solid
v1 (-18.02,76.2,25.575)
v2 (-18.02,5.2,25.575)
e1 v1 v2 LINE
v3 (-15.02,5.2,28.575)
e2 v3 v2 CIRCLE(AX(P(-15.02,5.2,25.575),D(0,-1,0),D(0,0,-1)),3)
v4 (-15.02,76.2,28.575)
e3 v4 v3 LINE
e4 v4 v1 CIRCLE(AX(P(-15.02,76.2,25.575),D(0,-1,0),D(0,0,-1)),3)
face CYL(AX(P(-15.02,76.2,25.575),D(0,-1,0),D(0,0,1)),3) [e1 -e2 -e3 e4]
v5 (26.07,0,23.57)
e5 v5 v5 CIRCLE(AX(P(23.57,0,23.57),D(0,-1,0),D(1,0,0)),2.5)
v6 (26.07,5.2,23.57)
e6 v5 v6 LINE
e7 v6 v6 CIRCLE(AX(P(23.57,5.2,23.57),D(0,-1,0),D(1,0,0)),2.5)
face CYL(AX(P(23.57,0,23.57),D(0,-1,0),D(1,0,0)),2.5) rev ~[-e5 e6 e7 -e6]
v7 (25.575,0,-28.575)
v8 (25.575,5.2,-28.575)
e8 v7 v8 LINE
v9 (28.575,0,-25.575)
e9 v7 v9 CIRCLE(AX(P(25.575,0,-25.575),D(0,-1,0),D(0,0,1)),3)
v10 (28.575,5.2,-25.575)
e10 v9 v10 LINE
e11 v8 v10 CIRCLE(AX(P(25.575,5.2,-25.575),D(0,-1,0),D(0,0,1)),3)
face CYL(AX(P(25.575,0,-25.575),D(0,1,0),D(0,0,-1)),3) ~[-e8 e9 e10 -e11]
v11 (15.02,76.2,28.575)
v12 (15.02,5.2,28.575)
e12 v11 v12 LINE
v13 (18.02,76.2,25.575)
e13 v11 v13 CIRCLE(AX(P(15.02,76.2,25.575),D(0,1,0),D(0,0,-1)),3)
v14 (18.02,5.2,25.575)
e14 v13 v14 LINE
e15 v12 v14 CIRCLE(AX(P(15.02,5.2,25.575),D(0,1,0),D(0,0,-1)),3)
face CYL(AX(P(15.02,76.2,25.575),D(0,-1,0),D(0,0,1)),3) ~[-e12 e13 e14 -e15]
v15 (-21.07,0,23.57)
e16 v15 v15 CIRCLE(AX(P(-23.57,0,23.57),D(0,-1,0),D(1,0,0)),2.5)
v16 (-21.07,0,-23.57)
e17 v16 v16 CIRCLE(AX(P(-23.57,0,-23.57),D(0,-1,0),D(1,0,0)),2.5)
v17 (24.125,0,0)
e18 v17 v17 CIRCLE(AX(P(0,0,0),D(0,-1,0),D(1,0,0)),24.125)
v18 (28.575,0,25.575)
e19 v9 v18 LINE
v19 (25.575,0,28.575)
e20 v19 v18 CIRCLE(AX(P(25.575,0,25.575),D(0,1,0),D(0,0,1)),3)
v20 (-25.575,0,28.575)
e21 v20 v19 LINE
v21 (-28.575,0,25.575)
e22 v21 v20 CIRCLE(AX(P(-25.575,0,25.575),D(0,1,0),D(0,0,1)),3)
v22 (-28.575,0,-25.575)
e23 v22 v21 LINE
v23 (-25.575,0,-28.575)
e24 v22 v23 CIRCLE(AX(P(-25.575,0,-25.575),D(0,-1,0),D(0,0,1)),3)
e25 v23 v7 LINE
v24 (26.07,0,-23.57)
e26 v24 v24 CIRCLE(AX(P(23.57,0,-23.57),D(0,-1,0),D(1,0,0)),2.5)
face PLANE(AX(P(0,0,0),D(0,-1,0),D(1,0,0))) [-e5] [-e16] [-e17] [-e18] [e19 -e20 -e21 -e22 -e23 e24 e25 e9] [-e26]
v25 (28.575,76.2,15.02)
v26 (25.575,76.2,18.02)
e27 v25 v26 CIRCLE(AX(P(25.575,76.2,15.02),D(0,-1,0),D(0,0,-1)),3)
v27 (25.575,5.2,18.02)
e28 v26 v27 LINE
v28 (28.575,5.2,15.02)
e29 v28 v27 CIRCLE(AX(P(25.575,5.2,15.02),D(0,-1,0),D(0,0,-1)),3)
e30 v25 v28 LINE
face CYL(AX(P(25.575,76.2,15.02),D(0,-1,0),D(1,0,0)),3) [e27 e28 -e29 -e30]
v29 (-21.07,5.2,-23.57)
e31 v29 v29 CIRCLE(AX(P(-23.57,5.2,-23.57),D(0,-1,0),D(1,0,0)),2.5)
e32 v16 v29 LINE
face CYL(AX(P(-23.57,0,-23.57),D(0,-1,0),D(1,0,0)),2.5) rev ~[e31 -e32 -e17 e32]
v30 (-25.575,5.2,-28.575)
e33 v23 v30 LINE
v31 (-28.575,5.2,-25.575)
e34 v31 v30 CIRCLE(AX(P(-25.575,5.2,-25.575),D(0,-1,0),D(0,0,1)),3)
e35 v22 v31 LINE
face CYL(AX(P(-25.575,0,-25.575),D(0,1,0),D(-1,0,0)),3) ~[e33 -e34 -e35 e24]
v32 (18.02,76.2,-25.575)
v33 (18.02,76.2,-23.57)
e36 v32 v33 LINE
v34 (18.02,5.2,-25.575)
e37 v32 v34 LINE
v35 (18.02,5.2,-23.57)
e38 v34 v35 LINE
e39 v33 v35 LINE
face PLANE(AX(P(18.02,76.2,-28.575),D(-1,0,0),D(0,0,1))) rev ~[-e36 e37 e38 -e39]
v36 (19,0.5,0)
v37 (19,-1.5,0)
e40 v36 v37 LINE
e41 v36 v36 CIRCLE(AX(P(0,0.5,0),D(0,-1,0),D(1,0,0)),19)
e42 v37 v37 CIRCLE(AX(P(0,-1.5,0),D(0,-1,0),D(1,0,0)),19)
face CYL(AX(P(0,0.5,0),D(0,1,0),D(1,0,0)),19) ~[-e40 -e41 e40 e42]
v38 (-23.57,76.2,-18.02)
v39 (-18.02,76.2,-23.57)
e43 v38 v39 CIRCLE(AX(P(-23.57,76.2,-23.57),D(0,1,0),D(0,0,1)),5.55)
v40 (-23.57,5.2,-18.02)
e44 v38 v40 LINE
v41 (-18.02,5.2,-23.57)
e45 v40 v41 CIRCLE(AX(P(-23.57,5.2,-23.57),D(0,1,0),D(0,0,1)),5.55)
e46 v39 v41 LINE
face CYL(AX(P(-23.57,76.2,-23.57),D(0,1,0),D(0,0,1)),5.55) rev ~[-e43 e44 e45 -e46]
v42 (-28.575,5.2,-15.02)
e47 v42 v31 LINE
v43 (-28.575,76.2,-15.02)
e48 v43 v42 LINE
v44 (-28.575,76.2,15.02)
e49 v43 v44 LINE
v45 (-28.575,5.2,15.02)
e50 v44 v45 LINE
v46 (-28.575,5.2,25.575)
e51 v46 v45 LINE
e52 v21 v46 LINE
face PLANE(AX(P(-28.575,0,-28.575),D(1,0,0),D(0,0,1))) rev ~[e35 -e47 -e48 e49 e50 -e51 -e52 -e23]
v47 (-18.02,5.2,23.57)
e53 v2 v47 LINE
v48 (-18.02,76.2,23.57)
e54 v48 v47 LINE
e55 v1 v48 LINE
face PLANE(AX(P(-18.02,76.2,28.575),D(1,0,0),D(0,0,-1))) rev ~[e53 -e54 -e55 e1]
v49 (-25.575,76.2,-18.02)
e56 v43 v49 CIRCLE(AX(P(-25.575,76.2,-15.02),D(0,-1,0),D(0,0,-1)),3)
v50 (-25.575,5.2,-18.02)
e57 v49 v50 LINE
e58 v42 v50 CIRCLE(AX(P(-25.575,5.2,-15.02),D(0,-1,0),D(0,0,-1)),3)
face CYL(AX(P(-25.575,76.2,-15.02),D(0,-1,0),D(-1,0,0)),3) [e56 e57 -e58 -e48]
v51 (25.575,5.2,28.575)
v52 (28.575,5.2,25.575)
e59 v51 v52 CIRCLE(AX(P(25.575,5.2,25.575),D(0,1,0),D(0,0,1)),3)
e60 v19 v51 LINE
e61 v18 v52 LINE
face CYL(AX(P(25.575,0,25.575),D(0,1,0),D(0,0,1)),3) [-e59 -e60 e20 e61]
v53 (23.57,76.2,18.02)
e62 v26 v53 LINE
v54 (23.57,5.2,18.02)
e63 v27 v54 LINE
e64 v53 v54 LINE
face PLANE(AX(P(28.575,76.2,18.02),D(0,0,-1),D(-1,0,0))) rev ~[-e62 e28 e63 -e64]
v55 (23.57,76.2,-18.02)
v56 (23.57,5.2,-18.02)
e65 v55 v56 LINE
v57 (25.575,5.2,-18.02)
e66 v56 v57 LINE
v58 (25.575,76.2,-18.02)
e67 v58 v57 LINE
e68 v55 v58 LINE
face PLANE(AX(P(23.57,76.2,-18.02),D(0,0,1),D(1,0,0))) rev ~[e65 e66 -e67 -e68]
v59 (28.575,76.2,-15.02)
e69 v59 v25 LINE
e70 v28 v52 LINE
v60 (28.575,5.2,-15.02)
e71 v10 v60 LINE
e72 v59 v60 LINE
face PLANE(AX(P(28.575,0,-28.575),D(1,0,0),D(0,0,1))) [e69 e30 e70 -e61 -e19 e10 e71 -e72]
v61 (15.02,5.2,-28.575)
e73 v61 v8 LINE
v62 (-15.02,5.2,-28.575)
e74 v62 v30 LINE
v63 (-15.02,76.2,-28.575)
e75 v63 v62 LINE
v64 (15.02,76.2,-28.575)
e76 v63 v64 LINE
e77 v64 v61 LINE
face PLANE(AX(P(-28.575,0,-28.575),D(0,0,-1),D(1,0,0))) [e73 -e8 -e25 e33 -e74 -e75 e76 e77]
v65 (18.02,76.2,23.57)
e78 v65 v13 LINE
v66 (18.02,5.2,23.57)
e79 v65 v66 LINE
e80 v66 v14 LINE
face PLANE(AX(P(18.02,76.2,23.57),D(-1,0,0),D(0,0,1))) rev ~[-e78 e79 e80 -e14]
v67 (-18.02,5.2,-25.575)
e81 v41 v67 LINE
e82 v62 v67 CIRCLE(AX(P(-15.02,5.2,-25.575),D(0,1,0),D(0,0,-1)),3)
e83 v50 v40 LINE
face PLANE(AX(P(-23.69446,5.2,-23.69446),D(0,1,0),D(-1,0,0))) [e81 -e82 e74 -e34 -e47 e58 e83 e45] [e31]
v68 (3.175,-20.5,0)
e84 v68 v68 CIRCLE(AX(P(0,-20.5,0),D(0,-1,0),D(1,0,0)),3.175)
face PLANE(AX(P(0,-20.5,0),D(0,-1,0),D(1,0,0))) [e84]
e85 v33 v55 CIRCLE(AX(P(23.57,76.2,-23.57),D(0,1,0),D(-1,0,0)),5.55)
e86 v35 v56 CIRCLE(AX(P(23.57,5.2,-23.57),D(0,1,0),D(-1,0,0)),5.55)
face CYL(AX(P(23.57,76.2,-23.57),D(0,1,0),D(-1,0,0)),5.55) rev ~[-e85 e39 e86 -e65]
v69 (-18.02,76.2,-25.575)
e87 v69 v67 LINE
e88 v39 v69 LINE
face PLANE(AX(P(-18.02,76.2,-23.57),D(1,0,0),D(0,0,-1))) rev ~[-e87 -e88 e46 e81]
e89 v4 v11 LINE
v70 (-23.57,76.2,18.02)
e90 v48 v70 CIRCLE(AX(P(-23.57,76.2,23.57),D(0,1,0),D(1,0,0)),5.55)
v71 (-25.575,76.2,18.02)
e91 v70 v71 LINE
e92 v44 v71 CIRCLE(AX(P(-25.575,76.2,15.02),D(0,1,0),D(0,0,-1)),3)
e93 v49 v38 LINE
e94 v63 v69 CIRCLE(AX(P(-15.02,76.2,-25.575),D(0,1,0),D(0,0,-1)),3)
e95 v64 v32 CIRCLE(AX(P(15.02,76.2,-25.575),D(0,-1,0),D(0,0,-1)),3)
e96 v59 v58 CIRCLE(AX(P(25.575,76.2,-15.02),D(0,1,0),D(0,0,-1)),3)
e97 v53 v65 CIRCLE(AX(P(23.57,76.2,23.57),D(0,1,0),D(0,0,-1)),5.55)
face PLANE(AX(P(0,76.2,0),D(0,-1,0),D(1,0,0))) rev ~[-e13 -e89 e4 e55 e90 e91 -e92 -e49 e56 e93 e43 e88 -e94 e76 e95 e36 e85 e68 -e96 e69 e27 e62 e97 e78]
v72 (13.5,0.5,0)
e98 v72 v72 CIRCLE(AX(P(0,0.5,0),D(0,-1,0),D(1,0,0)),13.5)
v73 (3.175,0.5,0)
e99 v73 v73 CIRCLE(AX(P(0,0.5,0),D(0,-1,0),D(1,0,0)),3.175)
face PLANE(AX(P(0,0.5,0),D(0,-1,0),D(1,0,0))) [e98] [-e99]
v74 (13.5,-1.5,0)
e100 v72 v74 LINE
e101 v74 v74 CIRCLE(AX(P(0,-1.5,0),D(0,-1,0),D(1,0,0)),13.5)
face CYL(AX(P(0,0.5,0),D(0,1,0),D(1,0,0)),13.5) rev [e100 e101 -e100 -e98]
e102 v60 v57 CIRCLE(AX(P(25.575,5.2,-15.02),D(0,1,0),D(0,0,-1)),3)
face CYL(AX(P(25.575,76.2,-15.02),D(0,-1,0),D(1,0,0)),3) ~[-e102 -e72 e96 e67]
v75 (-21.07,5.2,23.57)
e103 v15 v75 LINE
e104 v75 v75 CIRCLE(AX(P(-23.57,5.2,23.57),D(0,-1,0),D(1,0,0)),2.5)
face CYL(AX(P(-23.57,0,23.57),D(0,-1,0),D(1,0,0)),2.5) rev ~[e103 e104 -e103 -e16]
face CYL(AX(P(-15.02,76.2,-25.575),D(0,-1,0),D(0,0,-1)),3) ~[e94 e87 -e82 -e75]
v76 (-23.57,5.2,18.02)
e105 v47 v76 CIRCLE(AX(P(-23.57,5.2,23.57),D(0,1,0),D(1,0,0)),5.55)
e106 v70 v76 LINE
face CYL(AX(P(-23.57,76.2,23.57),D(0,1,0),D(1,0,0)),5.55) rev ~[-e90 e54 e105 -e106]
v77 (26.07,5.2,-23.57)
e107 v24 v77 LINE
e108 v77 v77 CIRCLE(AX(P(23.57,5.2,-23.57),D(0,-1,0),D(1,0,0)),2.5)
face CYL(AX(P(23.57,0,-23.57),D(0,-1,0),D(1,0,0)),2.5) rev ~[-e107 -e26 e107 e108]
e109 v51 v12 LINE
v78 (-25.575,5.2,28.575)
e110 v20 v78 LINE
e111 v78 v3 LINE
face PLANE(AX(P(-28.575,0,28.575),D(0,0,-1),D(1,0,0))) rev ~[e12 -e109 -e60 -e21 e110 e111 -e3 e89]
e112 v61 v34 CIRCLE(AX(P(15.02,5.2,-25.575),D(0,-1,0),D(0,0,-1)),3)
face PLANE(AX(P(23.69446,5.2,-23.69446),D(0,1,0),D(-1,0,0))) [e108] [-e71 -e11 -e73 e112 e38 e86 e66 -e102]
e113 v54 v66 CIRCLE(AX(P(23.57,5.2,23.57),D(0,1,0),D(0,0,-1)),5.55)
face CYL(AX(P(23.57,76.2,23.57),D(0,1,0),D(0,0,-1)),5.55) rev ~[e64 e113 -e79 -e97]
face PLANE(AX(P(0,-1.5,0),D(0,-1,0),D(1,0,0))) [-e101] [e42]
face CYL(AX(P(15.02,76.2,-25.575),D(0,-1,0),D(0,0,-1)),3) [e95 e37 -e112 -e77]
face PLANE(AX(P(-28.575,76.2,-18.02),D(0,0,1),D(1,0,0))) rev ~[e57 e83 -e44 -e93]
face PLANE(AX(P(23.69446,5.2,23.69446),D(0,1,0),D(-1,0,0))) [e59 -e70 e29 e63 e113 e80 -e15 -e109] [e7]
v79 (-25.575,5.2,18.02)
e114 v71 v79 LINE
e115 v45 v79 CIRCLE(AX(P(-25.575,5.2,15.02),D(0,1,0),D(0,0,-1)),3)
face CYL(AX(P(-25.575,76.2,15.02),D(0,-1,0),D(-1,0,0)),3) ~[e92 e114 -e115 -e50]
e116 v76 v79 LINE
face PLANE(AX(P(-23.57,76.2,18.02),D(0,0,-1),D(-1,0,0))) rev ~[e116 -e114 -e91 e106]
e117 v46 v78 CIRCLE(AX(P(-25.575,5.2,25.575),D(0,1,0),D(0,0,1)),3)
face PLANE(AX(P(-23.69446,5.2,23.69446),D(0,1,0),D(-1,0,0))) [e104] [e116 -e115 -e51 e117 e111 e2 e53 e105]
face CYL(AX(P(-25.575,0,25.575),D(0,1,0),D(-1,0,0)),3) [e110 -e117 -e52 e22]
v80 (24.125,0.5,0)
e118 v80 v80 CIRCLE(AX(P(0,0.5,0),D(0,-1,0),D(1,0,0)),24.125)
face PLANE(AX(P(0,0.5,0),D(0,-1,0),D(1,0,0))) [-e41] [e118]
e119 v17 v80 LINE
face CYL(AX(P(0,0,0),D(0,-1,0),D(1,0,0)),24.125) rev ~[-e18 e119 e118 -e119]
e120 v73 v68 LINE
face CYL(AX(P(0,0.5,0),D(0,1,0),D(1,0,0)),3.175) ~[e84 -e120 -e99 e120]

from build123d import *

# Parameters (mm, degrees)
F0_W      = 57.15
F0_H      = 57.15
F1_DEPTH  = 76.2
F2_R      = 2.5
F3_DEPTH  = 76.201
F5_DEPTH  = 71
F6_R      = 3
F7_R      = 24.125
F8_DEPTH  = 0.5
F9_R      = 19
F9_R_2    = 13.5
F10_DEPTH = 2
F11_R     = 3.175
F12_DEPTH = 21


with BuildPart() as f1:
    # F0 (on Front) → F1 (new body)
    with BuildSketch(Plane.XZ):
        Rectangle(F0_W, F0_H)
    extrude(amount=-F1_DEPTH)

    # F2 (on face) → F3 (cut, through all)
    with BuildSketch(Plane.XZ):
        with Locations((-23.57, 23.57)):
            Circle(F2_R)
        with Locations((23.57, 23.57)):
            Circle(F2_R)
        with Locations((-23.57, -23.57)):
            Circle(F2_R)
        with Locations((23.57, -23.57)):
            Circle(F2_R)
    extrude(amount=-F3_DEPTH, mode=Mode.SUBTRACT)

    # F4 (on face) → F5 (cut)
    with BuildSketch(Plane(origin=(0, 76.2, 0), x_dir=(-1, 0, 0), z_dir=(0, 1, 0))):
        with BuildLine():
            Line((-28.575, 18.02), (-23.57, 18.02))
            ThreePointArc((-23.57, 18.02), (-19.6455573644, 19.6455573644), (-18.02, 23.57))
            Line((-18.02, 23.57), (-18.02, 28.575))
            Line((-18.02, 28.575), (-28.575, 28.575))
            Line((-28.575, 28.575), (-28.575, 18.02))
        make_face()
        with BuildLine():
            Line((18.02, 28.575), (18.02, 23.57))
            ThreePointArc((18.02, 23.57), (19.6455573644, 19.6455573644), (23.57, 18.02))
            Line((23.57, 18.02), (28.575, 18.02))
            Line((28.575, 18.02), (28.575, 28.575))
            Line((28.575, 28.575), (18.02, 28.575))
        make_face()
        with BuildLine():
            ThreePointArc((23.57, -18.02), (19.6455573644, -19.6455573644), (18.02, -23.57))
            Line((18.02, -23.57), (18.02, -28.575))
            Line((18.02, -28.575), (28.575, -28.575))
            Line((28.575, -28.575), (28.575, -18.02))
            Line((28.575, -18.02), (23.57, -18.02))
        make_face()
        with BuildLine():
            ThreePointArc((-18.02, -23.57), (-19.6455573644, -19.6455573644), (-23.57, -18.02))
            Line((-23.57, -18.02), (-28.575, -18.02))
            Line((-28.575, -18.02), (-28.575, -28.575))
            Line((-28.575, -28.575), (-18.02, -28.575))
            Line((-18.02, -28.575), (-18.02, -23.57))
        make_face()
    extrude(amount=-F5_DEPTH, mode=Mode.SUBTRACT)

    # F6
    f6_edges = [f1.edges().sort_by_distance(p)[0] for p in [
        (-18.02, 40.7, 28.575),
        (-28.575, 40.7, 18.02),
        (-28.575, 2.6, 28.575),
        (28.575, 2.6, 28.575),
        (18.02, 40.7, 28.575),
        (28.575, 40.7, 18.02),
        (-28.575, 2.6, -28.575),
        (-28.575, 40.7, -18.02),
        (-18.02, 40.7, -28.575),
        (28.575, 2.6, -28.575),
        (28.575, 40.7, -18.02),
        (18.02, 40.7, -28.575),
    ]]
    fillet(f6_edges, radius=F6_R)

    # F7 (on face) → F8 (cut)
    with BuildSketch(Plane.XZ):
        Circle(F7_R)
    extrude(amount=-F8_DEPTH, mode=Mode.SUBTRACT)

    # F9 (on face) → F10 (join)
    with BuildSketch(Plane.XZ.offset(-0.5)):
        Circle(F9_R)
        Circle(F9_R_2, mode=Mode.SUBTRACT)
    extrude(amount=F10_DEPTH)

    # F11 (on face) → F12 (join)
    with BuildSketch(Plane.XZ.offset(-0.5)):
        Circle(F11_R)
    extrude(amount=F12_DEPTH)


solid = f1.part
